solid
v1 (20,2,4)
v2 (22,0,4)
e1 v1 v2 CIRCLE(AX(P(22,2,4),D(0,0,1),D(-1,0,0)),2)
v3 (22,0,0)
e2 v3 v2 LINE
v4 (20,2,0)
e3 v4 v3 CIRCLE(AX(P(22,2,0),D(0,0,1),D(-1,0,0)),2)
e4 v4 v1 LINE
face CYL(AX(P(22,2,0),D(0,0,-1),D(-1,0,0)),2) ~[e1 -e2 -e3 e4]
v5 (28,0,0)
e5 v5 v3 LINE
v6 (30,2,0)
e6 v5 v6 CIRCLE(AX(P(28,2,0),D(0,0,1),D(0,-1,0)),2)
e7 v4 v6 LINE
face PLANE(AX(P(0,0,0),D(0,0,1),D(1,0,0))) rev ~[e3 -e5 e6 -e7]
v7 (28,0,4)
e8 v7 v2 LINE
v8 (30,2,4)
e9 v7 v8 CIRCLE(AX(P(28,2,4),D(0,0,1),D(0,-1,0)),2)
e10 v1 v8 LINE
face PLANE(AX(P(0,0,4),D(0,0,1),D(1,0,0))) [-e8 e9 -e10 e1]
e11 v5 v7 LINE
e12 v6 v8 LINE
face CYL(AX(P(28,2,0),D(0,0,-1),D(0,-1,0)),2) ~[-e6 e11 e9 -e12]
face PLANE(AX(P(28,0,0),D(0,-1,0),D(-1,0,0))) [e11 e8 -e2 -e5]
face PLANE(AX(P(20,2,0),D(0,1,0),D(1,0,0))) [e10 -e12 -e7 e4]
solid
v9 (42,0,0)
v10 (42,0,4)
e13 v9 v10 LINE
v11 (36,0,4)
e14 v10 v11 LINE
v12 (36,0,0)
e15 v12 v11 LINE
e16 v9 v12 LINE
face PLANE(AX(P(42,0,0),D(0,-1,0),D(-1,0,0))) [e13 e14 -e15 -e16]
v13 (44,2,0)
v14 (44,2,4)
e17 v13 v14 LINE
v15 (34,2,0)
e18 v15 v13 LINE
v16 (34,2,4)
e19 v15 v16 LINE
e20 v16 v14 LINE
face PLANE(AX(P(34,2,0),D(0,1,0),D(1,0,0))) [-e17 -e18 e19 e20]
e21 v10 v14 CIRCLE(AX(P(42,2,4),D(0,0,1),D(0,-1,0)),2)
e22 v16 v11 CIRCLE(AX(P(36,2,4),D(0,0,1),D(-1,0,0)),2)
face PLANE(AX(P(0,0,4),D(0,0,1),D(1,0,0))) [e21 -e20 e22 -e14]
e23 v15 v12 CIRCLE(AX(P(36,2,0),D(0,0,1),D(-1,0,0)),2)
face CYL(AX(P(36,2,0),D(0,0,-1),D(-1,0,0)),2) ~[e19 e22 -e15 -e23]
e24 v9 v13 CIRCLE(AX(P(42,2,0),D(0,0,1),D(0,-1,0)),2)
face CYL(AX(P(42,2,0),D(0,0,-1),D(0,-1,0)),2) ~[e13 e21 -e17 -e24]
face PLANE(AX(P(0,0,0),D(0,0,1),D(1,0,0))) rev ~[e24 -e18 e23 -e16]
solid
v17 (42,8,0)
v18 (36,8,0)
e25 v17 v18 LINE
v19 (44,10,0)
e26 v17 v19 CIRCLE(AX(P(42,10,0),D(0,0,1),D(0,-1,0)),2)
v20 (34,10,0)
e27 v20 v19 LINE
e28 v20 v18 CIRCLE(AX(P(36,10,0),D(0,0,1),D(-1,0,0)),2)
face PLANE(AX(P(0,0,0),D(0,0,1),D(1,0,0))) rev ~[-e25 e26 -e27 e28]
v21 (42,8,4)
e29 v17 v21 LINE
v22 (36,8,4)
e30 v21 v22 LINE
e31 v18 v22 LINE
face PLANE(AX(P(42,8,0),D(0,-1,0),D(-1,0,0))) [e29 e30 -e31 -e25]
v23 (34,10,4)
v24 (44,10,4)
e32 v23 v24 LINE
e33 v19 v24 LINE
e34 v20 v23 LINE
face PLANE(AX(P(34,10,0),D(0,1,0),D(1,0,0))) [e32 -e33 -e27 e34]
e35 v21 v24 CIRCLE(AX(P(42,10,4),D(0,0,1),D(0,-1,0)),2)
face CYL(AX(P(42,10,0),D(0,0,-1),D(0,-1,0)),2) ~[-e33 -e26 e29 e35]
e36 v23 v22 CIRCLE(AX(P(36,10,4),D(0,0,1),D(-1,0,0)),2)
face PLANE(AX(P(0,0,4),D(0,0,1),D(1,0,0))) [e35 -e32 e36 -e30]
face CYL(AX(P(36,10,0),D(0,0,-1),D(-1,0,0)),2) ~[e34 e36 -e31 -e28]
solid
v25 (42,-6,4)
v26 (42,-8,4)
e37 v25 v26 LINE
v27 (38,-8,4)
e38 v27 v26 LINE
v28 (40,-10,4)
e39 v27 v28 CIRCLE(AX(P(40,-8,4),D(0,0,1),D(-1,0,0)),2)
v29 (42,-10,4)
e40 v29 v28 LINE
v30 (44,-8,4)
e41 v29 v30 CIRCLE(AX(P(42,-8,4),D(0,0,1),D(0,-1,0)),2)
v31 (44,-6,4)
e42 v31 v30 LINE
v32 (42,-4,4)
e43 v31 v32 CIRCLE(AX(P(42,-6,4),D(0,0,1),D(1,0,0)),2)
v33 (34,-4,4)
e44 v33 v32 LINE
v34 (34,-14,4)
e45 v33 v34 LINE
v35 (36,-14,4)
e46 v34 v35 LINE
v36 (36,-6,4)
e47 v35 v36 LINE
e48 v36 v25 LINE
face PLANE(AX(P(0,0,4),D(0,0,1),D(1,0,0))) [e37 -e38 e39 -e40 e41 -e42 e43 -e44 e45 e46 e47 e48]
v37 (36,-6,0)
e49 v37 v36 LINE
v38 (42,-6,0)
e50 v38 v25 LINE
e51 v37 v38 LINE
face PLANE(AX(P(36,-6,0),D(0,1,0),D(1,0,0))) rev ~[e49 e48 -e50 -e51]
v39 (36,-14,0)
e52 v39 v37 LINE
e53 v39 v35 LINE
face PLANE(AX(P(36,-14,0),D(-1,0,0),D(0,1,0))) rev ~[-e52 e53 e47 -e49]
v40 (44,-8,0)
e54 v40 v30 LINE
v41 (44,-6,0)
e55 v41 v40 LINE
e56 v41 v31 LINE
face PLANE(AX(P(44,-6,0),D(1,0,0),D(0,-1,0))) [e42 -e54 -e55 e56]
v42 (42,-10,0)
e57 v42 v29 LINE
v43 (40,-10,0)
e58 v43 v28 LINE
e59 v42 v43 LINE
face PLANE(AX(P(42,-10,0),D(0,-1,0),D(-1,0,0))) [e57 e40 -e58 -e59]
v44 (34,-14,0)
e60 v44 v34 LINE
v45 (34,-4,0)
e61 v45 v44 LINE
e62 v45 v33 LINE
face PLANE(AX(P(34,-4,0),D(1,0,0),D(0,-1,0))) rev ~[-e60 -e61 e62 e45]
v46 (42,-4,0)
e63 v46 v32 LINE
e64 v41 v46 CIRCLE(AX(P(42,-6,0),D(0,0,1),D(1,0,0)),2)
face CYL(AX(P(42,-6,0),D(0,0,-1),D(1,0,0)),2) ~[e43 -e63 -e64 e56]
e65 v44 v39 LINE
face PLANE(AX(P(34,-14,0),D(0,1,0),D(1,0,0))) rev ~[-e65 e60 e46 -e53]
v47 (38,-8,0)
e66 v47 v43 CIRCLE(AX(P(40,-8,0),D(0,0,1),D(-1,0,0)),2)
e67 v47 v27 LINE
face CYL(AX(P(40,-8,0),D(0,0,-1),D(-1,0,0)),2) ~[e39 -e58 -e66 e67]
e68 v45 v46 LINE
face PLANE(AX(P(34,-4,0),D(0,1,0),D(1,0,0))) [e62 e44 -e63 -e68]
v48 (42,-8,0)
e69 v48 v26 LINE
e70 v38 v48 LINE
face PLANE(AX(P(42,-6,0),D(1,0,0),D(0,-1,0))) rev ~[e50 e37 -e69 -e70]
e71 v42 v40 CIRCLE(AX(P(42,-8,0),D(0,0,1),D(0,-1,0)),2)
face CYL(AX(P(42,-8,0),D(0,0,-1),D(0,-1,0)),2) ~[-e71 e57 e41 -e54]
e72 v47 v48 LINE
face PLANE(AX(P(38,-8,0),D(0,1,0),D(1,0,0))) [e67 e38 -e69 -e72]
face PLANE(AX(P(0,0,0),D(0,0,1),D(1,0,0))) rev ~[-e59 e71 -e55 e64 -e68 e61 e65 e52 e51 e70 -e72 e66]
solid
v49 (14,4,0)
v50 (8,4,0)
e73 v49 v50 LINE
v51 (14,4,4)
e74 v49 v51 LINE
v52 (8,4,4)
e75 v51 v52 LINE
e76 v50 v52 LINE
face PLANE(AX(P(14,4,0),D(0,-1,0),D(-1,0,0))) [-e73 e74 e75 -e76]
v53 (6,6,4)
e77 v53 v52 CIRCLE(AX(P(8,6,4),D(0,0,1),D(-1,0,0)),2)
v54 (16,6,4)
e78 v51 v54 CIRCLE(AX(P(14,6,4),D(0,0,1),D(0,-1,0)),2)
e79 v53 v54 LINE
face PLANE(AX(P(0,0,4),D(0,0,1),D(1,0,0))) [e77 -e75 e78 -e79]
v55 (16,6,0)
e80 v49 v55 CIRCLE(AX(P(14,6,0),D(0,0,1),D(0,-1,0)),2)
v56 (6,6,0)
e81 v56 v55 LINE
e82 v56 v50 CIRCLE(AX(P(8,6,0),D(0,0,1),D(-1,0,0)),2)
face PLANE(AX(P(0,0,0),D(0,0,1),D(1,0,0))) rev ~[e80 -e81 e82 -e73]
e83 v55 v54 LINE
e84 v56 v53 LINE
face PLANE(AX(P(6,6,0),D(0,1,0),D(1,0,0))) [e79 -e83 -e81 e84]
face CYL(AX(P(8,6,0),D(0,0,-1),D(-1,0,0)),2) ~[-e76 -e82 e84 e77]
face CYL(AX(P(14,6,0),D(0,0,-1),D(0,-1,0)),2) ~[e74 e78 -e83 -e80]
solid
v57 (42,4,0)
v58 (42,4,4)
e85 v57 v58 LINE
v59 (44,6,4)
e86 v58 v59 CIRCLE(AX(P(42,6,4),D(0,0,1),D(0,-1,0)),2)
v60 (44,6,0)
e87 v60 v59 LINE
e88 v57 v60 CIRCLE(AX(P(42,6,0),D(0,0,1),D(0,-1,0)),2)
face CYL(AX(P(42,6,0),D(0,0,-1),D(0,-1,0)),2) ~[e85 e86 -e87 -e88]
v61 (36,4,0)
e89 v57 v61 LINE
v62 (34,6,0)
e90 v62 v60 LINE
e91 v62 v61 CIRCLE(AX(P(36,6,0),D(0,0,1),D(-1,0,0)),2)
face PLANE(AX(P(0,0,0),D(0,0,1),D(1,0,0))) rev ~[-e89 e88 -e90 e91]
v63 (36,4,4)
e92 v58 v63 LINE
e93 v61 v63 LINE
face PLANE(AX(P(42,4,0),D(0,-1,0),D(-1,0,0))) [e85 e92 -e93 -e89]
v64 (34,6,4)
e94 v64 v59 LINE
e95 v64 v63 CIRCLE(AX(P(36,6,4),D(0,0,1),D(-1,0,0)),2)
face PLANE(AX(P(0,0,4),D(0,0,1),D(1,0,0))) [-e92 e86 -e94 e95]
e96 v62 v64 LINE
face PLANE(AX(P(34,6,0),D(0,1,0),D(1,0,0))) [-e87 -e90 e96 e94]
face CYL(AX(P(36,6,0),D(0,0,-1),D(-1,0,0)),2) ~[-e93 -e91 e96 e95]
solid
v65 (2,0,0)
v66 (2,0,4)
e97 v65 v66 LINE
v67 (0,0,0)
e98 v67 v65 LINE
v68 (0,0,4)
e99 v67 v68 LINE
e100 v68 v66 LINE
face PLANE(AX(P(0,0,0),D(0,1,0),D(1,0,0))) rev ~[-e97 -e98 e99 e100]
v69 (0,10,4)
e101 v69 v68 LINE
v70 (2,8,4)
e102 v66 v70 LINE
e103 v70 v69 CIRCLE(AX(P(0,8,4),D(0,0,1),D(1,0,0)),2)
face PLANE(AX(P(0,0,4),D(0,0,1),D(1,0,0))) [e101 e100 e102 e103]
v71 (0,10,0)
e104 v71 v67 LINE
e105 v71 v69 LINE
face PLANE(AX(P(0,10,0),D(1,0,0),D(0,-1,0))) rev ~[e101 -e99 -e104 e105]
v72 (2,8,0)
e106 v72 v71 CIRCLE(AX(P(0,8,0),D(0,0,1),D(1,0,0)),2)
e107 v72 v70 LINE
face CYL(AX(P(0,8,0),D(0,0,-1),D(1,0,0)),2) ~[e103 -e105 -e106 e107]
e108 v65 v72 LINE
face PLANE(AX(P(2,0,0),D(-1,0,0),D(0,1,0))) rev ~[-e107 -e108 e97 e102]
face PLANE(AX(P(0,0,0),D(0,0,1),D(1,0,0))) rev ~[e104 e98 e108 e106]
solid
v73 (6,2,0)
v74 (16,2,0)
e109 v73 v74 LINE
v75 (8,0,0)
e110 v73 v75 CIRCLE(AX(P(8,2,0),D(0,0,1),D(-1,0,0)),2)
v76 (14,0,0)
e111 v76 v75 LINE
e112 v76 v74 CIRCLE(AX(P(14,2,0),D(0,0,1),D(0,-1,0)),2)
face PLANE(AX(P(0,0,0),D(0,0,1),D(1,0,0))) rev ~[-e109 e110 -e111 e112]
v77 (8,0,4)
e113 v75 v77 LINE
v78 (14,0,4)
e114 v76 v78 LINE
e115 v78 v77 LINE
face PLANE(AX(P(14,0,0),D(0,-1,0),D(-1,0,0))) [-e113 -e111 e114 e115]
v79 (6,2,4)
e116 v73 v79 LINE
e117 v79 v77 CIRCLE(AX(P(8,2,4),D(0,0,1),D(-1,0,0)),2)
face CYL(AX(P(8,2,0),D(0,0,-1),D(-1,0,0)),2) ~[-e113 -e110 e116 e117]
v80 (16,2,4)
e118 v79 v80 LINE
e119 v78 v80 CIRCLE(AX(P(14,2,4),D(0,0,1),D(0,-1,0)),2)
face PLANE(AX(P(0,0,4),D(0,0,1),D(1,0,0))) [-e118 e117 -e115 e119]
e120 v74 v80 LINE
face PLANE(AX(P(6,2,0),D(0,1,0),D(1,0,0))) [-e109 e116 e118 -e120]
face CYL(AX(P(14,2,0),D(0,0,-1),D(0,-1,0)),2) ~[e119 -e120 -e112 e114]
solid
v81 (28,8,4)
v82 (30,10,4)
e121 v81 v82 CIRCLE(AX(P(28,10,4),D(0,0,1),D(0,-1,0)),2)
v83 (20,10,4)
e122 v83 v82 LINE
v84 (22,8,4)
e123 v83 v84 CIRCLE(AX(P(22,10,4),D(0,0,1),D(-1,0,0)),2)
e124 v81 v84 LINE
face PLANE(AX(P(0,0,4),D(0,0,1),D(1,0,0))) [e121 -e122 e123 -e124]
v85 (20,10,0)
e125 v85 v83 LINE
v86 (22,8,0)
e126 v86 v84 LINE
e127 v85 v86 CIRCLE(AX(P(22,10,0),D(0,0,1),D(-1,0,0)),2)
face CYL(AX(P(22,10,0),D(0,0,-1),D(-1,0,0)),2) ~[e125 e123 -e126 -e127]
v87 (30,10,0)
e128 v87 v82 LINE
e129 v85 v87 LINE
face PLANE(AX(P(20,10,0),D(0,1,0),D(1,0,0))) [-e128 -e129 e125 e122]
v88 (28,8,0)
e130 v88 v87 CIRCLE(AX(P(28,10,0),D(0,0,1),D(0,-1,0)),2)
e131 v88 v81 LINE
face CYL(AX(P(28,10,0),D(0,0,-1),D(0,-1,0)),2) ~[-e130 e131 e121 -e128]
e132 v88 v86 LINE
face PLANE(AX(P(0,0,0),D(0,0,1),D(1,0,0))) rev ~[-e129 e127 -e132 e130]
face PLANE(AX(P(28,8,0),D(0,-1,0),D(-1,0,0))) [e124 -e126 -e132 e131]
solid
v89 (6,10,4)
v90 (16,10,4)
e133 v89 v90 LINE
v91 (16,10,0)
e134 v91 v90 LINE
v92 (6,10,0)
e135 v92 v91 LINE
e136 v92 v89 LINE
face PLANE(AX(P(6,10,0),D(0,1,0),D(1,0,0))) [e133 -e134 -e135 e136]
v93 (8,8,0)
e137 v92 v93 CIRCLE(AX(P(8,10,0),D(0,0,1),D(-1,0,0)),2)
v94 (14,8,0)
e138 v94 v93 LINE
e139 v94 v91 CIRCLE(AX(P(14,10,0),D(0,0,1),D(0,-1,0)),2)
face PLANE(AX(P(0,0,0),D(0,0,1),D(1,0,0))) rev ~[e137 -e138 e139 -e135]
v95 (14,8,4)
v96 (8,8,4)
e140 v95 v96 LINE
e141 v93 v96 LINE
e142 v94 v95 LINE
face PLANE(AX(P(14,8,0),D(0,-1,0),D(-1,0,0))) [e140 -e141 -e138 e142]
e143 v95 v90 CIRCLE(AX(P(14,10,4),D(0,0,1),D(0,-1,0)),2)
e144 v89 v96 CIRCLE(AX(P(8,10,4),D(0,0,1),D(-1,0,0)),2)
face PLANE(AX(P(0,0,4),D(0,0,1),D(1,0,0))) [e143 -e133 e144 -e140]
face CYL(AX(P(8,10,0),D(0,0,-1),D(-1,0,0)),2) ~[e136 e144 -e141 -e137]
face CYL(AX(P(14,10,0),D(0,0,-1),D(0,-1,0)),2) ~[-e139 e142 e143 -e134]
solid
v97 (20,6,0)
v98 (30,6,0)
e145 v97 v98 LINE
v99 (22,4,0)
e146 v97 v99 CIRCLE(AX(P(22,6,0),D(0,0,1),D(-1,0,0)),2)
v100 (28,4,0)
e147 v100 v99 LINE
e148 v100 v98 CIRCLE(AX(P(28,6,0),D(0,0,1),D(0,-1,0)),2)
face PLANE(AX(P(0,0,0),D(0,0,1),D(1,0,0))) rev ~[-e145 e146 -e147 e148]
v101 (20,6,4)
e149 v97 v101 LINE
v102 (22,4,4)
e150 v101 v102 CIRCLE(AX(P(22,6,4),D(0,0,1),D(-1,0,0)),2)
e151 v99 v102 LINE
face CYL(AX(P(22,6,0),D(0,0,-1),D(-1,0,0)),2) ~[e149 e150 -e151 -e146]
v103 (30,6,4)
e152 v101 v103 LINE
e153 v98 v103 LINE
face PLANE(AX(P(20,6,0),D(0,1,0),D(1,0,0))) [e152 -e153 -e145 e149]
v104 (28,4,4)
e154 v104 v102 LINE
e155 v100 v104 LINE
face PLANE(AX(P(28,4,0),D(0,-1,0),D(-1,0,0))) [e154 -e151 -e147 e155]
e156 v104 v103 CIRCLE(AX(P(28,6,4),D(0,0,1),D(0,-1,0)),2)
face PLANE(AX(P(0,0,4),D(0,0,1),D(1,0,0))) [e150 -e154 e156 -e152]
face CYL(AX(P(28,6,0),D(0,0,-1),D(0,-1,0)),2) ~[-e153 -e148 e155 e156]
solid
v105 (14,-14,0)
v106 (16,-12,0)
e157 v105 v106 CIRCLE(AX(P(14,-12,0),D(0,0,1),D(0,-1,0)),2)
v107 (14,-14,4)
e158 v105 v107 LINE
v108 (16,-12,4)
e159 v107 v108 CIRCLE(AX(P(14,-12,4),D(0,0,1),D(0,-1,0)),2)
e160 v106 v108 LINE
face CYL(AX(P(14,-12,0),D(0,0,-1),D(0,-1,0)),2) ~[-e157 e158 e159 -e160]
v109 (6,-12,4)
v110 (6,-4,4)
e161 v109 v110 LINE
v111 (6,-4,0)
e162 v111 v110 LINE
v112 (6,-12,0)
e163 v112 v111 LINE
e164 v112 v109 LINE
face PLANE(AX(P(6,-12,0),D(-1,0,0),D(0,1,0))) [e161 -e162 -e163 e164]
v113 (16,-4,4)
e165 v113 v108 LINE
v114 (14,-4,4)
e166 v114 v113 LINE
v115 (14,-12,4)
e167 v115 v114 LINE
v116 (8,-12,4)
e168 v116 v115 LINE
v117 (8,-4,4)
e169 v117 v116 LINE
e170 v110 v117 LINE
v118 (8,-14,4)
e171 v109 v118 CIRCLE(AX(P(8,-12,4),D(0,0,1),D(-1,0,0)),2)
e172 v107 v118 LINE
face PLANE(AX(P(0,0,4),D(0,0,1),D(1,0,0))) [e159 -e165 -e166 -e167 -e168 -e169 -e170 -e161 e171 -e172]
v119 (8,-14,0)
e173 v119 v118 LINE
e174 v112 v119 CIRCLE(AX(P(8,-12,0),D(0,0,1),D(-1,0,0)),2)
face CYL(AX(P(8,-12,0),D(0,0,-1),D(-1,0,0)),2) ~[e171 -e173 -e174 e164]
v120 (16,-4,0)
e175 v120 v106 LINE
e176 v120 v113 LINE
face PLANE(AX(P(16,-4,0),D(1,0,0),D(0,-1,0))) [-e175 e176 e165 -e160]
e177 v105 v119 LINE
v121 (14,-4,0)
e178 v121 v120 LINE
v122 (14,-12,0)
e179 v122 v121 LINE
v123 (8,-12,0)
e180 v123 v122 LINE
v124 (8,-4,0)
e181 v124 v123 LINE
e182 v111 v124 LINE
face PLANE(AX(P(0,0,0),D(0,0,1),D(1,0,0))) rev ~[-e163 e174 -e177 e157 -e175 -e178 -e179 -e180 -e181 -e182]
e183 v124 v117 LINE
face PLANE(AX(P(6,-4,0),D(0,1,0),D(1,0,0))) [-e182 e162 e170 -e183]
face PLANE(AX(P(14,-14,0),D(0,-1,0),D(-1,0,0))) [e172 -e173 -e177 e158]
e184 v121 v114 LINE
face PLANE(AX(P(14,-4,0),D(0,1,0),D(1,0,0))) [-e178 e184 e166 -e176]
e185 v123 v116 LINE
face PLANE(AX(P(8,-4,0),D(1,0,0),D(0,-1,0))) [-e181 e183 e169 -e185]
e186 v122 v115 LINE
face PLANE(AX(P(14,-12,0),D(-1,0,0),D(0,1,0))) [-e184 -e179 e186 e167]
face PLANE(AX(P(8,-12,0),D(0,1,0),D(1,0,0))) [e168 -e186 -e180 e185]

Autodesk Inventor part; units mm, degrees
ref_plane "YZ Plane" through (0, 0, 0) normal (1, 0, 0) x (0, 1, 0)
ref_plane "XZ Plane" through (0, 0, 0) normal (0, 1, 0) x (-1, 0, 0)
ref_plane "XY Plane" through (0, 0, 0) normal (0, 0, 1) x (1, 0, 0)
sketch "Sketch5" plane through (0, 0, 0) normal (0, 0, 1) x (1, 0, 0)
  line L0 (0, 0) -> (2, 0)
  line L1 (2, 0) -> (2, 8)
  line L2 (0, 10) -> (0, 10)
  line L3 (0, 10) -> (0, 0)
  line L4 (6, 10) -> (16, 10)
  line L5 (16, 10) -> (16, 10)
  line L6 (14, 8) -> (8, 8)
  line L7 (6, 10) -> (6, 10)
  line L8 (6, 6) -> (16, 6)
  line L9 (16, 6) -> (16, 6)
  line L10 (14, 4) -> (8, 4)
  line L11 (6, 6) -> (6, 6)
  line L12 (6, 2) -> (16, 2)
  line L13 (16, 2) -> (16, 2)
  line L14 (14, 0) -> (8, 0)
  line L15 (6, 2) -> (6, 2)
  line L16 (20, 10) -> (30, 10)
  line L17 (30, 10) -> (30, 10)
  line L18 (28, 8) -> (22, 8)
  line L19 (20, 10) -> (20, 10)
  line L20 (20, 6) -> (30, 6)
  line L21 (30, 6) -> (30, 6)
  line L22 (28, 4) -> (22, 4)
  line L23 (20, 6) -> (20, 6)
  line L24 (20, 2) -> (30, 2)
  line L25 (30, 2) -> (30, 2)
  line L26 (28, 0) -> (22, 0)
  line L27 (20, 2) -> (20, 2)
  line L28 (34, 10) -> (44, 10)
  line L29 (44, 10) -> (44, 10)
  line L30 (42, 8) -> (36, 8)
  line L31 (34, 10) -> (34, 10)
  line L32 (34, 6) -> (44, 6)
  line L33 (44, 6) -> (44, 6)
  line L34 (42, 4) -> (36, 4)
  line L35 (34, 6) -> (34, 6)
  line L36 (34, 2) -> (44, 2)
  line L37 (44, 2) -> (44, 2)
  line L38 (42, 0) -> (36, 0)
  line L39 (34, 2) -> (34, 2)
  arc A0 (2, 8) -> (0, 10) centre (0, 8) ccw
  arc A1 (6, 10) -> (8, 8) centre (8, 10) ccw
  arc A2 (6, 6) -> (8, 4) centre (8, 6) ccw
  arc A3 (6, 2) -> (8, 0) centre (8, 2) ccw
  arc A4 (14, 0) -> (16, 2) centre (14, 2) ccw
  arc A5 (14, 4) -> (16, 6) centre (14, 6) ccw
  arc A6 (14, 8) -> (16, 10) centre (14, 10) ccw
  arc A7 (20, 10) -> (22, 8) centre (22, 10) ccw
  arc A8 (20, 6) -> (22, 4) centre (22, 6) ccw
  arc A9 (20, 2) -> (22, 0) centre (22, 2) ccw
  arc A10 (28, 0) -> (30, 2) centre (28, 2) ccw
  arc A11 (28, 4) -> (30, 6) centre (28, 6) ccw
  arc A12 (28, 8) -> (30, 10) centre (28, 10) ccw
  arc A13 (34, 10) -> (36, 8) centre (36, 10) ccw
  arc A14 (34, 6) -> (36, 4) centre (36, 6) ccw
  arc A15 (34, 2) -> (36, 0) centre (36, 2) ccw
  arc A16 (42, 0) -> (44, 2) centre (42, 2) ccw
  arc A17 (42, 4) -> (44, 6) centre (42, 6) ccw
  arc A18 (42, 8) -> (44, 10) centre (42, 10) ccw
  line L40 (6, -4) -> (8, -4)
  line L41 (8, -4) -> (8, -12)
  line L42 (8, -12) -> (14, -12)
  line L43 (14, -12) -> (14, -4)
  line L44 (14, -4) -> (16, -4)
  line L45 (16, -4) -> (16, -12)
  line L46 (14, -14) -> (8, -14)
  line L47 (6, -12) -> (6, -4)
  arc A19 (6, -12) -> (8, -14) centre (8, -12) ccw
  arc A20 (14, -14) -> (16, -12) centre (14, -12) ccw
  line L48 (6, 0) -> (6, 10) construction
  line L49 (20, -14) -> (20, -4)
  line L50 (20, -4) -> (28, -4)
  line L51 (30, -6) -> (30, -8)
  line L52 (20, -14) -> (22, -14)
  line L53 (22, -14) -> (22, -6)
  line L54 (22, -6) -> (28, -6)
  arc A21 (30, -6) -> (28, -4) centre (28, -6) ccw
  line L55 (30, -12) -> (30, -14)
  line L56 (30, -14) -> (28, -14)
  line L57 (20, 10) -> (20, 0) construction
  line L58 (34, -4) -> (34, -14)
  line L59 (34, -4) -> (42, -4)
  line L60 (34, -14) -> (36, -14)
  line L61 (36, -14) -> (36, -6)
  line L62 (36, -6) -> (42, -6)
  line L63 (42, -6) -> (42, -8)
  line L64 (38, -8) -> (42, -8)
  line L65 (38, -8) -> (38, -8)
  line L66 (44, -6) -> (44, -8)
  line L67 (42, -10) -> (40, -10)
  line L68 (34, 10) -> (34, 0) construction
  arc A22 (38, -8) -> (40, -10) centre (40, -8) ccw
  arc A23 (42, -10) -> (44, -8) centre (42, -8) ccw
  arc A24 (44, -6) -> (42, -4) centre (42, -6) ccw
  line L69 (28, -6) -> (28, -8)
  line L70 (30, -8) -> (30, -8)
  line L71 (30, -12) -> (30, -12)
  line L72 (28, -10) -> (28, -10)
  arc A25 (30, -12) -> (28, -10) centre (28, -12) ccw
  line L73 (28, -10) -> (28, -10)
  arc A26 (28, -10) -> (30, -8) centre (28, -8) ccw
  line L74 (28, -8) -> (26, -8)
  line L75 (28, -12) -> (26, -12)
  line L76 (28, -12) -> (28, -14)
  line L77 (24, -10) -> (24, -10)
  arc A27 (26, -8) -> (24, -10) centre (26, -10) ccw
  line L78 (24, -10) -> (24, -10)
  arc A28 (24, -10) -> (26, -12) centre (26, -10) ccw
  point P0 (2, 10)
  point P1 (16, 8)
  point P2 (6, 8)
  point P3 (16, 4)
  point P4 (6, 4)
  point P5 (16, 0)
  point P6 (30, 8)
  point P7 (20, 8)
  point P8 (30, 4)
  point P9 (20, 4)
  point P10 (30, 0)
  point P11 (44, 8)
  point P12 (34, 8)
  point P13 (44, 4)
  point P14 (34, 4)
  point P15 (44, 0)
  point P16 (30, -4)
  point P17 (30, -10)
  point P18 (44, -4)
  point P19 (38, -10)
  point P20 (24, -8)
  dimension "d59" = 2
  dimension "d60" = 10
  dimension "d61" = 10
  dimension "d62" = 2
  dimension "d63" = 10
  dimension "d64" = 2
  dimension "d65" = 10
  dimension "d66" = 2
  dimension "d67" = 4
  dimension "d68" = 2
  dimension "d69" = 10
  dimension "d70" = 2
  dimension "d71" = 4
  dimension "d72" = 10
  dimension "d73" = 2
  dimension "d74" = 10
  dimension "d75" = 2
  dimension "d76" = 10
  dimension "d77" = 2
  dimension "d78" = 4
  dimension "d79" = 10
  dimension "d80" = 2
  dimension "d81" = 10
  dimension "d82" = 2
  dimension "d83" = 2
  dimension "d84" = 4
  dimension "d85" = 2
  dimension "d86" = 2
  dimension "d87" = 2
  dimension "d88" = 2
  dimension "d89" = 10
  dimension "d90" = 10
  dimension "d91" = 6
  dimension "d93" = 2
  dimension "d96" = 10
  dimension "d97" = 2
  dimension "d98" = 2
  dimension "d101" = 2
  dimension "d102" = 2
  dimension "d103" = 2
  dimension "d104" = 2
  dimension "d105" = 2
  dimension "d106" = 10
  dimension "d107" = 6
  dimension "d108" = 2
  dimension "d112" = 2
  dimension "d113" = 2
  dimension "d114" = 4
  dimension "d115" = 2
  dimension "d116" = 2
  dimension "d117" = 4
  dimension "d118" = 2
  dimension "d119" = 2
extrude "Extrusion3" add sketch "Sketch5" along normal blind 4 contours L3 A0 L1 L0 | L4 A6 L6 A1 | L8 A5 L10 A2 | L12 A4 L14 A3 | L16 A12 L18 A7 | L20 A11 L22 A8 | L24 A10 L26 A9 | L28 A18 L30 A13 | L32 A17 L34 A14 | L36 A16 L38 A15 | L40 L41 L42 L43 L44 L45 A20 L46 A19 L47 | L59 A24 L66 A23 L67 A22 L64 L63 L62 L61 L60 L58
equation "\"d67\" = 2 * d59"
equation "\"d68\" = d59"
equation "\"d71\" = d67"
equation "\"d78\" = d67"
equation "\"d84\" = d67"
equation "\"d85\" = d59"
equation "\"d86\" = d59"
equation "\"d87\" = d59"
equation "\"d89\" = d60"
equation "\"d90\" = d89"
properties part number "ieee"
